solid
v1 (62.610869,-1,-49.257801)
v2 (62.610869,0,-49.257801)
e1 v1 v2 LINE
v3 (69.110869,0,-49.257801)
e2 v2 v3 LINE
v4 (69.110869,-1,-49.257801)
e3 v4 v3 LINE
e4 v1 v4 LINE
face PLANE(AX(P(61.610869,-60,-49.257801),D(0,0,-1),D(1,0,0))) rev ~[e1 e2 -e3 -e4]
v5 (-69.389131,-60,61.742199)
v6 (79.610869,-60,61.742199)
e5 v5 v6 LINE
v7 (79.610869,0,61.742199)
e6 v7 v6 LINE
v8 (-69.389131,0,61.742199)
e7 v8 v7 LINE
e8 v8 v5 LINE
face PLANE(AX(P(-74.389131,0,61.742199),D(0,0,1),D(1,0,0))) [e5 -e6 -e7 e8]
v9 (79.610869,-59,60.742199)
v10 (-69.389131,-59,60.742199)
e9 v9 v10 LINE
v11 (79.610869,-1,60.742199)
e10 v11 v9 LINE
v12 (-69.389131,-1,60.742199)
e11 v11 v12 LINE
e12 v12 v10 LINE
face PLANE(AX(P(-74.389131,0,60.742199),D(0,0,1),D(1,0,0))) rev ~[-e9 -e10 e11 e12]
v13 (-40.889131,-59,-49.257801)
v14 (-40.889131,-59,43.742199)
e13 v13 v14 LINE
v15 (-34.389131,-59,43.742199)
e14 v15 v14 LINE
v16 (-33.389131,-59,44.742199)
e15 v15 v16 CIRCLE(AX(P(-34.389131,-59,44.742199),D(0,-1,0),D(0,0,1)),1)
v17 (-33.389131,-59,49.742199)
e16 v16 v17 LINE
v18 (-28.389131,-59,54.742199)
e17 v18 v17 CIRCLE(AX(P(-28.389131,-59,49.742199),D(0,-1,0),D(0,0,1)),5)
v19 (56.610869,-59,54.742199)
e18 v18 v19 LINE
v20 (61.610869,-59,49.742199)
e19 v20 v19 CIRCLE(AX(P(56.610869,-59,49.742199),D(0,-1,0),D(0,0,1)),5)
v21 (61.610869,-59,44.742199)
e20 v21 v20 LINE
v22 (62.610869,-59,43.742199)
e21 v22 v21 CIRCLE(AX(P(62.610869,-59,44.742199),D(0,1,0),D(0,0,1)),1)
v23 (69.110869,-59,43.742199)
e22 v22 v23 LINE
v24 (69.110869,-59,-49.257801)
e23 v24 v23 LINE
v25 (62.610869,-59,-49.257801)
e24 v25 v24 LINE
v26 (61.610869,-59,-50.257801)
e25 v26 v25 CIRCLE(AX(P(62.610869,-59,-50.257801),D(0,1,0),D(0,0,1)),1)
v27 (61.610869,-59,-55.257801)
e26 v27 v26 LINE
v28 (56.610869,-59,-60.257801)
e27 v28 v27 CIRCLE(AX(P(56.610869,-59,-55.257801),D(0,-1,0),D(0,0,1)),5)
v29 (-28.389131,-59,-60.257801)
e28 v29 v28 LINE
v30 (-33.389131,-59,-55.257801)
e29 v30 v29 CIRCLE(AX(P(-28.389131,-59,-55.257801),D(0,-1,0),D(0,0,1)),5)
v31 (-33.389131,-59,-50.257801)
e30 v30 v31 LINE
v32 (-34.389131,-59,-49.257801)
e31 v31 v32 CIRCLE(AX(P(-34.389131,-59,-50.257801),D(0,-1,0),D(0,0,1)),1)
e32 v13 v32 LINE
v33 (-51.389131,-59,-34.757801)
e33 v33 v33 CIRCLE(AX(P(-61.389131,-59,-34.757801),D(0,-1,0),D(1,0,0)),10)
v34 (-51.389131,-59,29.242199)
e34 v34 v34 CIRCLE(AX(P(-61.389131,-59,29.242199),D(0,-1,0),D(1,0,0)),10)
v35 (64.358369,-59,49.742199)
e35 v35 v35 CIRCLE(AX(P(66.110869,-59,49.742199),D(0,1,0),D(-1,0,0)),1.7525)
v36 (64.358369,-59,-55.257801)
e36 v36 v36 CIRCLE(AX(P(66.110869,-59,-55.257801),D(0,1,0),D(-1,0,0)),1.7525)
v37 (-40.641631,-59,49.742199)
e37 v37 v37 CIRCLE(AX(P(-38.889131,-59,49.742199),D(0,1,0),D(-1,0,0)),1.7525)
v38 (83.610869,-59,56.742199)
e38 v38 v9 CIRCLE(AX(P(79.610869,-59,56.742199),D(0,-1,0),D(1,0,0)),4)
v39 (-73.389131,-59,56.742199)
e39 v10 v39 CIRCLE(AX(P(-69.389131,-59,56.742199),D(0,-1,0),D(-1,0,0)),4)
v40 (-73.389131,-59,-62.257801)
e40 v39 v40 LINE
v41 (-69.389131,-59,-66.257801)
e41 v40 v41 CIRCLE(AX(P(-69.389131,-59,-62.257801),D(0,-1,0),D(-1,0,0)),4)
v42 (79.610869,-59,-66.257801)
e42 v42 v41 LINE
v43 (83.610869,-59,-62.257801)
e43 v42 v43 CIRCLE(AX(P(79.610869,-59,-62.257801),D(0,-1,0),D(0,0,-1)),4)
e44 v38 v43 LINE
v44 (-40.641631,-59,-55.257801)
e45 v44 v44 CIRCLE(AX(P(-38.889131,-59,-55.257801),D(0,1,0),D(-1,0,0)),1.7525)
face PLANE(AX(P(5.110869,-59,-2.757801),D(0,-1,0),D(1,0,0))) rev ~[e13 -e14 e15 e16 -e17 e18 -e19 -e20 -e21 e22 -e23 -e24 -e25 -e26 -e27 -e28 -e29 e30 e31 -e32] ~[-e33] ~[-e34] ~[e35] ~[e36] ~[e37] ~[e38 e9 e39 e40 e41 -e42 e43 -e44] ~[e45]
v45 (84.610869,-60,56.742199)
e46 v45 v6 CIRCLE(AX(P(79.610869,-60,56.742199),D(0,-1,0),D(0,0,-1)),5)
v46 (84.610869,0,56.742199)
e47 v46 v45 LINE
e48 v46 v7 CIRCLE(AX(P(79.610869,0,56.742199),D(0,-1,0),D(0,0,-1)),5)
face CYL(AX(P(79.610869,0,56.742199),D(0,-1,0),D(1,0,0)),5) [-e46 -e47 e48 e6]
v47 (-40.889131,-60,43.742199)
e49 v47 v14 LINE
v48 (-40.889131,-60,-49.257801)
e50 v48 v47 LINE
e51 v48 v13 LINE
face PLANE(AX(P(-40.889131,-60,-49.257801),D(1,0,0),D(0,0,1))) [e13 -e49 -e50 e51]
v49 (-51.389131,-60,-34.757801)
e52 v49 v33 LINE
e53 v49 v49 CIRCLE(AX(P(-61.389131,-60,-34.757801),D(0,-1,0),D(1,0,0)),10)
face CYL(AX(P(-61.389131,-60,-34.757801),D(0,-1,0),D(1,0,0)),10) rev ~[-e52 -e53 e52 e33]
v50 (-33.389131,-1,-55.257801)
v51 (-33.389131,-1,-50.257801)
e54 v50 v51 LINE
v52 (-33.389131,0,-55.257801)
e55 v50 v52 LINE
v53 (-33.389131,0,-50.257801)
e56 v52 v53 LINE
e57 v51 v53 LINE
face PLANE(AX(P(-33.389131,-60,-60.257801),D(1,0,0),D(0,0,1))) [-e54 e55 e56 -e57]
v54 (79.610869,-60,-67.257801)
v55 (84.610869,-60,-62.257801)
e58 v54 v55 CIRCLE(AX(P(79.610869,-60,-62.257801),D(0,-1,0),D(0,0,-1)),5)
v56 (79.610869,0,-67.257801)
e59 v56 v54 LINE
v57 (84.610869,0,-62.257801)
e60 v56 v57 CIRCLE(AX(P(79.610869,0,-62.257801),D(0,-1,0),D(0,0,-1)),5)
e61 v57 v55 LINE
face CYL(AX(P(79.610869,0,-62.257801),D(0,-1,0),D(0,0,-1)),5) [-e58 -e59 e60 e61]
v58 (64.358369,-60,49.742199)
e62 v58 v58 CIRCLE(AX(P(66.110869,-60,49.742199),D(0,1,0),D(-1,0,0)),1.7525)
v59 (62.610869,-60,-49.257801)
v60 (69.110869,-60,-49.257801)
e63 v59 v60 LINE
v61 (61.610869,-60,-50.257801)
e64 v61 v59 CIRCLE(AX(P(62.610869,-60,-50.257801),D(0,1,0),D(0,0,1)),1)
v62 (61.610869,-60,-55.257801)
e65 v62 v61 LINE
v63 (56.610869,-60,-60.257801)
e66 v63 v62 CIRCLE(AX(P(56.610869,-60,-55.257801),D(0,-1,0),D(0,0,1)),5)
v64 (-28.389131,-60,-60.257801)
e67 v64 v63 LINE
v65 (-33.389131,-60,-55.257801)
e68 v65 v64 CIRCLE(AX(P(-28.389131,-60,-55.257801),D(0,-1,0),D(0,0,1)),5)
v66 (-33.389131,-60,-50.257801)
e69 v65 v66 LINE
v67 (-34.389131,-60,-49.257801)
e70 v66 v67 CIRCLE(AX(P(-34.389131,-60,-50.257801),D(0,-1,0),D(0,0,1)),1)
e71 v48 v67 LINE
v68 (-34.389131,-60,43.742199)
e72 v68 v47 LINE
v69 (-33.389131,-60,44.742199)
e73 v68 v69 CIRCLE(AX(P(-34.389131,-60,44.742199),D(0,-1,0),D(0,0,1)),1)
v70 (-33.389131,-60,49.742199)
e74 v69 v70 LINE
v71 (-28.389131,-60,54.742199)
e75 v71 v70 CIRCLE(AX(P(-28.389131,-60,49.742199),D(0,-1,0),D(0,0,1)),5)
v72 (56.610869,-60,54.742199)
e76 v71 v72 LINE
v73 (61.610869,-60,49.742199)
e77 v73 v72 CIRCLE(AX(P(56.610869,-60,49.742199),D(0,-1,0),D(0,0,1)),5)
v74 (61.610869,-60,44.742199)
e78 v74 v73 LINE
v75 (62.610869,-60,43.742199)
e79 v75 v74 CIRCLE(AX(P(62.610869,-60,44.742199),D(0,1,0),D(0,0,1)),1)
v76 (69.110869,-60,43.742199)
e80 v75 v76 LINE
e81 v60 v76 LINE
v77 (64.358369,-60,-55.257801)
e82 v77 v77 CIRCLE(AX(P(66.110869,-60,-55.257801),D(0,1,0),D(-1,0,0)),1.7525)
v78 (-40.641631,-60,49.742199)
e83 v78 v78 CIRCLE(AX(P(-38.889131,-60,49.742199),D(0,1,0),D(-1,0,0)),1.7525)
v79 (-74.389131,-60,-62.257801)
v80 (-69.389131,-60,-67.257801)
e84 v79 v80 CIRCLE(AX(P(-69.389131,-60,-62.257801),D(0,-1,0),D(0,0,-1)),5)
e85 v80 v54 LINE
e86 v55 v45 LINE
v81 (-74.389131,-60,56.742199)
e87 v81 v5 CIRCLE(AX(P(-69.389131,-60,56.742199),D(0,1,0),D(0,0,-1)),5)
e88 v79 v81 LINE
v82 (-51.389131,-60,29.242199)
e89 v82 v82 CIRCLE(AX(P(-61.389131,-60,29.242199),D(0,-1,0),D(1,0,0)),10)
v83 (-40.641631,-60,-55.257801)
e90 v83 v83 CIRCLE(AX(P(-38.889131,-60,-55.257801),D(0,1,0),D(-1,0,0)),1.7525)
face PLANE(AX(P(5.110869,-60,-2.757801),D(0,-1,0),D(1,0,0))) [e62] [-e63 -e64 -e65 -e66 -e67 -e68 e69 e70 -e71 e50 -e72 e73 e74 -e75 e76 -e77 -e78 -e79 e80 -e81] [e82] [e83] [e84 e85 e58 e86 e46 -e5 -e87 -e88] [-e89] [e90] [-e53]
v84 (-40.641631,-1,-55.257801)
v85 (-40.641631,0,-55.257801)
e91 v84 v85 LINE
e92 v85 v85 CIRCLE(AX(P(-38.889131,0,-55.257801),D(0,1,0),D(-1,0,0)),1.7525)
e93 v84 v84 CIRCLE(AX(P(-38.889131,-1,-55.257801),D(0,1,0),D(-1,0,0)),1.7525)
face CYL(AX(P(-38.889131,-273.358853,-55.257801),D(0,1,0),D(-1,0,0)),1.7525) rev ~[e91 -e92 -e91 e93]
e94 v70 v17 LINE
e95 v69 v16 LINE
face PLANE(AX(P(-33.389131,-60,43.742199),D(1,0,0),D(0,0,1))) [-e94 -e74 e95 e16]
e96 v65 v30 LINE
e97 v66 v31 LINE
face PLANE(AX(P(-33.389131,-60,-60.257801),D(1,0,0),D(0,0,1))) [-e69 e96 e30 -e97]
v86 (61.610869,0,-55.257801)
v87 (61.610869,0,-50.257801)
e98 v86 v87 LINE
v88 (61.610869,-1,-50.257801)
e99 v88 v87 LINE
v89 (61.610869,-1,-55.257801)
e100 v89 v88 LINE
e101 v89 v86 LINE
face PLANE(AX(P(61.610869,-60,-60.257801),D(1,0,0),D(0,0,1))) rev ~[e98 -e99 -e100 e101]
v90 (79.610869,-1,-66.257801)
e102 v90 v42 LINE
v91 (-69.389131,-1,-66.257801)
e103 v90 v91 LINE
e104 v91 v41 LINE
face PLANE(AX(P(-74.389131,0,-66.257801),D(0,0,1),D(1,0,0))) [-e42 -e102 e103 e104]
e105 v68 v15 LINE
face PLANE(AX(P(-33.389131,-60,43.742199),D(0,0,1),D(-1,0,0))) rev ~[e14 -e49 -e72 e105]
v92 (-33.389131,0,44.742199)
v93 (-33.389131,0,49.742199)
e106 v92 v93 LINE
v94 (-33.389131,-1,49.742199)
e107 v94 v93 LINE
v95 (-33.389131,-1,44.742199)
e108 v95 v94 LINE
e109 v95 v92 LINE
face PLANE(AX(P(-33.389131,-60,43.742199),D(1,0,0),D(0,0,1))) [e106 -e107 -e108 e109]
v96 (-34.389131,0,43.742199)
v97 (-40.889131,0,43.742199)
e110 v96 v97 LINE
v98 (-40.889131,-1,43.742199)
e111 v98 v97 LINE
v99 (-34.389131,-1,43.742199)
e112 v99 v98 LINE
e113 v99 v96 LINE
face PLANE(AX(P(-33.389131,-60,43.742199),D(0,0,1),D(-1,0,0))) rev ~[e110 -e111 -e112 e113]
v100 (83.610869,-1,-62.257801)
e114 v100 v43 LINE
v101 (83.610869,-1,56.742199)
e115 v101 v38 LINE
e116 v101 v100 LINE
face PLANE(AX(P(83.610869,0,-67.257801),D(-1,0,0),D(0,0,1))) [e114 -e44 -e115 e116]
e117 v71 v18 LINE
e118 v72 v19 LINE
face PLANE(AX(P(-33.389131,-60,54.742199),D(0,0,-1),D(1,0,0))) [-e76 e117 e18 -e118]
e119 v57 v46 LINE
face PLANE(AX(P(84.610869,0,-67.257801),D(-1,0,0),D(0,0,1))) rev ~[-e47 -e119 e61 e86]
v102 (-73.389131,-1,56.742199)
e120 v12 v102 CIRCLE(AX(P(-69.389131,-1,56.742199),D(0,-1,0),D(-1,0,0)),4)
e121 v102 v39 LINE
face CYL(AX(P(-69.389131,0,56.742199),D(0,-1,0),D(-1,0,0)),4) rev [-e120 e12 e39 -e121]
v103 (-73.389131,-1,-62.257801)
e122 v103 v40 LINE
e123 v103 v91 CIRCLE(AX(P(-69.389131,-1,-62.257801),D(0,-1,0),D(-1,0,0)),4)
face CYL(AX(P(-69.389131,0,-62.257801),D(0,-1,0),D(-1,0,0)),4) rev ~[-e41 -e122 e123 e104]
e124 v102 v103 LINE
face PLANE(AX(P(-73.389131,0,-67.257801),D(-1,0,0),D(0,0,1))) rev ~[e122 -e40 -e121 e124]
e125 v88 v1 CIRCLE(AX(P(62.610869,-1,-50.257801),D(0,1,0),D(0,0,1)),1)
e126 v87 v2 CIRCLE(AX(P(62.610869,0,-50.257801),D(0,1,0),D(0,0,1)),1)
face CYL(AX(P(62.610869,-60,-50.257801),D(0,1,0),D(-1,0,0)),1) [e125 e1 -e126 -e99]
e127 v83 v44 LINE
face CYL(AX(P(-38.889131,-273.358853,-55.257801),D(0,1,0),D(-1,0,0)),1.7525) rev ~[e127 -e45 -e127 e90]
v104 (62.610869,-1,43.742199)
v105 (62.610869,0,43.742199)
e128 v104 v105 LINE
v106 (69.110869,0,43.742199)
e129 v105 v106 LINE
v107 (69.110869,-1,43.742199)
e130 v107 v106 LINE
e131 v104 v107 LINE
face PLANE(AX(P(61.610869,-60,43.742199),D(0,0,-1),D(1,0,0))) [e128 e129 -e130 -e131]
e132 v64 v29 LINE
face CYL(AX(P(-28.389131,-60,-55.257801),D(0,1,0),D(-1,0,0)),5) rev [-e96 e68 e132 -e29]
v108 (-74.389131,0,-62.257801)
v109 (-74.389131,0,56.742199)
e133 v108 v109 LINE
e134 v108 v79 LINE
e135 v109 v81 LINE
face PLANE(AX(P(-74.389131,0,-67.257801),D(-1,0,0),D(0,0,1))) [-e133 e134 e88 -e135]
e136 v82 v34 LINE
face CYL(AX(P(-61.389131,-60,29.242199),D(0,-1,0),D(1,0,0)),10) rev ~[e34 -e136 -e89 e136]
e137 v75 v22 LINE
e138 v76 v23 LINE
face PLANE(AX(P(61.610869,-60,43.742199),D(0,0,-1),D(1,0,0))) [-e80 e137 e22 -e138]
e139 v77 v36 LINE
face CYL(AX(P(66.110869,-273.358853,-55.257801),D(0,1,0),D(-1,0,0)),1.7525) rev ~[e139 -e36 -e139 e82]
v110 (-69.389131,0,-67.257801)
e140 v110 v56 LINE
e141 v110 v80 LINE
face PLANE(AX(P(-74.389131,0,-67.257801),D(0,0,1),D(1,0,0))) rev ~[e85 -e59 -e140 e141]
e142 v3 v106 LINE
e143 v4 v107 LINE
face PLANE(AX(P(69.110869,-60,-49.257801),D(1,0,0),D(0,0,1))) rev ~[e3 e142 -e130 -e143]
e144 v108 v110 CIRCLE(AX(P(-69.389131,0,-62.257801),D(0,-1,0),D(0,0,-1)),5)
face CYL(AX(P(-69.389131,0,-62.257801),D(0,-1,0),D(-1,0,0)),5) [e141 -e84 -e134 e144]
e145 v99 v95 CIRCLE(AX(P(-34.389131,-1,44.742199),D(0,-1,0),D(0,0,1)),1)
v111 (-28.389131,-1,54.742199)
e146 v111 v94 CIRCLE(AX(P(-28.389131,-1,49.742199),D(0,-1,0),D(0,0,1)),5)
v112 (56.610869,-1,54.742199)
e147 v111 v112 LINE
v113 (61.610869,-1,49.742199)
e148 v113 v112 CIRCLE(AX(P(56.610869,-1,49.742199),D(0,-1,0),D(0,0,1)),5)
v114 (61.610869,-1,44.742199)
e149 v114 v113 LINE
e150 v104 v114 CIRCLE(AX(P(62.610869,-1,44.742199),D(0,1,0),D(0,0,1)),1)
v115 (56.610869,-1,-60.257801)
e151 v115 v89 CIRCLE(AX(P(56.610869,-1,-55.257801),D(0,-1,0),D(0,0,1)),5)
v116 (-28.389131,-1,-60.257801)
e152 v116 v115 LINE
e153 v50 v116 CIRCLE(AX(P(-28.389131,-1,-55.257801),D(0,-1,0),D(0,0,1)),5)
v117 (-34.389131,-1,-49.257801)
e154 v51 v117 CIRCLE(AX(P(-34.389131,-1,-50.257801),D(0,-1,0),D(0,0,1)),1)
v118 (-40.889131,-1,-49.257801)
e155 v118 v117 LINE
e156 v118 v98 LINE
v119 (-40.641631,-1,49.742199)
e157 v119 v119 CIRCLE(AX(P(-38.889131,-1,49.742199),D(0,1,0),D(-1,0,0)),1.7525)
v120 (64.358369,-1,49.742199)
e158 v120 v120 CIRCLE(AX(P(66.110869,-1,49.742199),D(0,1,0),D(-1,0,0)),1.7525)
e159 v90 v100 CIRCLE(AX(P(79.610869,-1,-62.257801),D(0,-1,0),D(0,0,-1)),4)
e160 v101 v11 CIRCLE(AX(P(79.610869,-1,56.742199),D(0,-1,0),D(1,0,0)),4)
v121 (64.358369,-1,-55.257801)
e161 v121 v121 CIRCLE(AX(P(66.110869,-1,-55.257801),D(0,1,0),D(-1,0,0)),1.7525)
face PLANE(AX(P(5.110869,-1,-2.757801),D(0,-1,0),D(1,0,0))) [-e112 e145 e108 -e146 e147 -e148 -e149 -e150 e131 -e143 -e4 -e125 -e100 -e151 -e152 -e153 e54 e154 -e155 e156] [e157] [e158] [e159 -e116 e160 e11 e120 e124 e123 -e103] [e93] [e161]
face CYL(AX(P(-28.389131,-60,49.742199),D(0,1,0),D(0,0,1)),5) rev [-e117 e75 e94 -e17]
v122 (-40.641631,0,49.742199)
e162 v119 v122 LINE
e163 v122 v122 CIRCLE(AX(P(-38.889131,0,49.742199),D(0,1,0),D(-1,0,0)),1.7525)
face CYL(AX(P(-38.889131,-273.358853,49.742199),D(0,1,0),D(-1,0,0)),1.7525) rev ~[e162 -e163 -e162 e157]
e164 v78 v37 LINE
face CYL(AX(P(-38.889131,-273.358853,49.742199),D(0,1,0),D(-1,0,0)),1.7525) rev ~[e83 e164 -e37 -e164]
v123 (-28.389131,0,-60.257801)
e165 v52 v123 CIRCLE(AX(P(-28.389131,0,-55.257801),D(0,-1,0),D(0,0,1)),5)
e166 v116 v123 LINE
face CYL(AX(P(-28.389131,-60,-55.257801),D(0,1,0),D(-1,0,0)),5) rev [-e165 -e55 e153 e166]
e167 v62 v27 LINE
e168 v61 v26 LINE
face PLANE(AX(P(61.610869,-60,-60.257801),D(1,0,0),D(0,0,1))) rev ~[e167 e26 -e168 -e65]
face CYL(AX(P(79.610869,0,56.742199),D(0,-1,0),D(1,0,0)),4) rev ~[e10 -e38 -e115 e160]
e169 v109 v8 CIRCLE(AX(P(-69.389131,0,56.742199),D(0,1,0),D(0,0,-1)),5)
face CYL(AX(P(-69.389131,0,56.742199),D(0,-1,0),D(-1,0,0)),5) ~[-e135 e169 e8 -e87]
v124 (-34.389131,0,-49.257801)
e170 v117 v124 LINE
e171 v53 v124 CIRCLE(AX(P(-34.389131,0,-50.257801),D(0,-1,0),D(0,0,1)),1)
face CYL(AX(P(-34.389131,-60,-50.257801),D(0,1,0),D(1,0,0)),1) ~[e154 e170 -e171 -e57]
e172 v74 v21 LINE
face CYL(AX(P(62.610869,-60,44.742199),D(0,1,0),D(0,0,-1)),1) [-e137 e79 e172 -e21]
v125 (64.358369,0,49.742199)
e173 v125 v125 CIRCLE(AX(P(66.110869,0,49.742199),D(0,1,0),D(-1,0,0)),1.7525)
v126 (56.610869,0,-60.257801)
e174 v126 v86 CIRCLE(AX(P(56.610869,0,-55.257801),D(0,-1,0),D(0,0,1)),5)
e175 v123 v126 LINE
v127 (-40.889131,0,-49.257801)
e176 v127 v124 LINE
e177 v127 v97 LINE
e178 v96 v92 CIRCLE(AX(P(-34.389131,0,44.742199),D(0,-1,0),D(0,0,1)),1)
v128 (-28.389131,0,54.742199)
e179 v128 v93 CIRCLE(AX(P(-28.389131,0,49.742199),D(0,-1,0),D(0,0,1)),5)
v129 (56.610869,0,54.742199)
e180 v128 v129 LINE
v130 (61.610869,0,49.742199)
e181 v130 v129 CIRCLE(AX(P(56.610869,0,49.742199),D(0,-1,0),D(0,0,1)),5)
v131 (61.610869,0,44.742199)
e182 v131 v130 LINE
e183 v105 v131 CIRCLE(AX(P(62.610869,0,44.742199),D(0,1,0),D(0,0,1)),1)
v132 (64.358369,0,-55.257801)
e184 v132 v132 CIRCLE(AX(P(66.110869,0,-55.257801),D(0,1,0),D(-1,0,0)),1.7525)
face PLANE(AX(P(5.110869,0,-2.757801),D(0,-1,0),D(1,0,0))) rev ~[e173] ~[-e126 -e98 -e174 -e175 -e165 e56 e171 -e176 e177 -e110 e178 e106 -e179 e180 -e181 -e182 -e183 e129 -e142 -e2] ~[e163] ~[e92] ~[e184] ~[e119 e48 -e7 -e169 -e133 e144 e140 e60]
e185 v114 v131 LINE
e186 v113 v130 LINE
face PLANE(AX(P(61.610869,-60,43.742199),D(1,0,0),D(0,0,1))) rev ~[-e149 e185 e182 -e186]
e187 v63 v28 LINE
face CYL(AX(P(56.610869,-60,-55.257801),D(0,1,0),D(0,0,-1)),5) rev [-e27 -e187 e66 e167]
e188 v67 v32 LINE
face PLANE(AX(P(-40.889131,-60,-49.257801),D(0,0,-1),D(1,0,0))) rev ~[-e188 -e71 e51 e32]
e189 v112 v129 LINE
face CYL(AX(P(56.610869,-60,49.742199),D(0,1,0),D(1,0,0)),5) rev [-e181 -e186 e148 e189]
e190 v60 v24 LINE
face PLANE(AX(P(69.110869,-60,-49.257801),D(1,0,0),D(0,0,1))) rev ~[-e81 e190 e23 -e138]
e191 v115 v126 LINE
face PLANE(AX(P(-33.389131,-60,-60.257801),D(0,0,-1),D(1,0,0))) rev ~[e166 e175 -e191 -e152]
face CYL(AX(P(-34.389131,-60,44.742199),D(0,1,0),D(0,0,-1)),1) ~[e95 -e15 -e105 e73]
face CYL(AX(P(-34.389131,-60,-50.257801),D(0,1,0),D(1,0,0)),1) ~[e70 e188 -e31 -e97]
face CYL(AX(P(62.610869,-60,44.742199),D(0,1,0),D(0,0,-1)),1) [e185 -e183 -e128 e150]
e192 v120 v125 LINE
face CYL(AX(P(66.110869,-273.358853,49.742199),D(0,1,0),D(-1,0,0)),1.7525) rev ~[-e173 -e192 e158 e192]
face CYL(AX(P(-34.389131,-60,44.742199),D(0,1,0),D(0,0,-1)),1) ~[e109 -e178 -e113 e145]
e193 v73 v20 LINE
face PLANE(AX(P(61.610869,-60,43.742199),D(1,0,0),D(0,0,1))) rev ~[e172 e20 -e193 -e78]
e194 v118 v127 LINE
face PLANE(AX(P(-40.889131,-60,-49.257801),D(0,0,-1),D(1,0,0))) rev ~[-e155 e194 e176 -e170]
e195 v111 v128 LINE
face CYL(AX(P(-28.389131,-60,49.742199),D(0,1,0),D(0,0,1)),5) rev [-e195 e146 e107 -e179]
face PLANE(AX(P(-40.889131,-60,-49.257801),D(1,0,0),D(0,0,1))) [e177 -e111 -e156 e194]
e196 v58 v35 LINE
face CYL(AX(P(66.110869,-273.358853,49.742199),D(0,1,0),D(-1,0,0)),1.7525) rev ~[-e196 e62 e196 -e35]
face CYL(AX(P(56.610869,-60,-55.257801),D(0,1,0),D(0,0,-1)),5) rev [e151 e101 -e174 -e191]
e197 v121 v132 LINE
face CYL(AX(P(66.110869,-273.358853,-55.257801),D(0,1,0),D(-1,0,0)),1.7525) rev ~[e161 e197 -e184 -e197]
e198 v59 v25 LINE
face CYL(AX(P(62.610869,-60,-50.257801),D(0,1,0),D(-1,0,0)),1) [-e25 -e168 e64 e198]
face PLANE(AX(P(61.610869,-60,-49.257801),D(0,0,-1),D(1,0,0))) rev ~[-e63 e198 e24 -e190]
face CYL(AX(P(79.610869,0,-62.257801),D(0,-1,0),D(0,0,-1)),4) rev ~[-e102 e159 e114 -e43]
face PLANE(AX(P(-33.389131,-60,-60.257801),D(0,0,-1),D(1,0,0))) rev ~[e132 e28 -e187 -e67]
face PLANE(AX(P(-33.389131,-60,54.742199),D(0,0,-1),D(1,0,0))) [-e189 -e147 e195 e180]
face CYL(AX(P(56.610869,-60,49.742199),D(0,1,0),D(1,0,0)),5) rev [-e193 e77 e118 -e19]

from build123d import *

# Parameters (mm, degrees)
F0_W      = 159
F0_H      = 129
F1_DEPTH  = 60
F2_R      = 5
F3_W      = 7.5
F3_H      = 93
F3_W_2    = 95
F3_H_2    = 11
F4_DEPTH  = 97
F5_R      = 5
F6_R      = 1
F7_T      = -1
F9_D      = 3.505
F10_R     = 10
F11_DEPTH = 10


with BuildPart() as f1:
    # F0 (on Front) → F1 (new body)
    with BuildSketch(Plane.XZ):
        with Locations((5.1108691841, -2.7578008189)):
            Rectangle(F0_W, F0_H)
    extrude(amount=F1_DEPTH)

    # F2
    f2_edges = [f1.edges().sort_by_distance(p)[0] for p in [
        (84.610869, -30, -67.257801),
        (84.610869, -30, 61.742199),
        (-74.389131, -30, 61.742199),
        (-74.389131, -30, -67.257801),
    ]]
    fillet(f2_edges, radius=F2_R)

    # F3 (on face) → F4 (cut)
    with BuildSketch(Plane.XZ.offset(60)):
        with Locations((-37.1391308159, -2.7578008189)):
            Rectangle(F3_W, F3_H)
        with Locations((14.1108691841, -2.7578008189)):
            Rectangle(F3_W_2, F3_H)
        with Locations((14.1108691841, 49.2421991811)):
            Rectangle(F3_W_2, F3_H_2)
        with Locations((65.3608691841, -2.7578008189)):
            Rectangle(F3_W, F3_H)
        with Locations((14.1108691841, -54.7578008189)):
            Rectangle(F3_W_2, F3_H_2)
    extrude(amount=-F4_DEPTH, mode=Mode.SUBTRACT)

    # F5
    f5_edges = [f1.edges().sort_by_distance(p)[0] for p in [
        (-33.389131, -30, 54.742199),
        (61.610869, -30, 54.742199),
        (61.610869, -30, -60.257801),
        (-33.389131, -30, -60.257801),
    ]]
    fillet(f5_edges, radius=F5_R)

    # F6
    f6_edges = [f1.edges().sort_by_distance(p)[0] for p in [
        (-33.389131, -30, 43.742199),
        (61.610869, -30, 43.742199),
        (61.610869, -30, -49.257801),
        (-33.389131, -30, -49.257801),
    ]]
    fillet(f6_edges, radius=F6_R)

    # F7
    f7_openings = [f1.faces().sort_by_distance(p)[0] for p in [
        (-37.639131, -30, 43.742199),
        (-33.389131, -30, 47.242199),
        (-31.924665, -30, 53.277733),
        (14.110869, -30, 54.742199),
        (60.146403, -30, 53.277733),
        (61.610869, -30, 47.242199),
        (65.860869, -30, 43.742199),
        (69.110869, -30, -2.757801),
        (65.860869, -30, -49.257801),
        (61.610869, -30, -52.757801),
        (60.146403, -30, -58.793335),
        (14.110869, -30, -60.257801),
        (-31.924665, -30, -58.793335),
        (-33.389131, -30, -52.757801),
        (-37.639131, -30, -49.257801),
        (-40.889131, -30, -2.757801),
        (-33.682024, -30, 44.035092),
        (61.903762, -30, 44.035092),
        (61.903762, -30, -49.550694),
        (-33.682024, -30, -49.550694),
    ]]
    offset(amount=F7_T, openings=f7_openings)

    # F9 (through all)
    with Locations(Plane.XZ.offset(60)):
        with Locations((-38.8891308159, 49.7421991811), (66.1108691841, 49.7421991811), (66.1108691841, -55.2578008189), (-38.8891308159, -55.2578008189)):
            Hole(F9_D / 2)

    # F10 (on face) → F11 (cut)
    with BuildSketch(Plane.XZ.offset(60)):
        with Locations((-61.3891308159, 29.2421991811)):
            Circle(F10_R)
        with Locations((-61.3891308159, -34.7578008189)):
            Circle(F10_R)
    extrude(amount=-F11_DEPTH, mode=Mode.SUBTRACT)


solid = f1.part
